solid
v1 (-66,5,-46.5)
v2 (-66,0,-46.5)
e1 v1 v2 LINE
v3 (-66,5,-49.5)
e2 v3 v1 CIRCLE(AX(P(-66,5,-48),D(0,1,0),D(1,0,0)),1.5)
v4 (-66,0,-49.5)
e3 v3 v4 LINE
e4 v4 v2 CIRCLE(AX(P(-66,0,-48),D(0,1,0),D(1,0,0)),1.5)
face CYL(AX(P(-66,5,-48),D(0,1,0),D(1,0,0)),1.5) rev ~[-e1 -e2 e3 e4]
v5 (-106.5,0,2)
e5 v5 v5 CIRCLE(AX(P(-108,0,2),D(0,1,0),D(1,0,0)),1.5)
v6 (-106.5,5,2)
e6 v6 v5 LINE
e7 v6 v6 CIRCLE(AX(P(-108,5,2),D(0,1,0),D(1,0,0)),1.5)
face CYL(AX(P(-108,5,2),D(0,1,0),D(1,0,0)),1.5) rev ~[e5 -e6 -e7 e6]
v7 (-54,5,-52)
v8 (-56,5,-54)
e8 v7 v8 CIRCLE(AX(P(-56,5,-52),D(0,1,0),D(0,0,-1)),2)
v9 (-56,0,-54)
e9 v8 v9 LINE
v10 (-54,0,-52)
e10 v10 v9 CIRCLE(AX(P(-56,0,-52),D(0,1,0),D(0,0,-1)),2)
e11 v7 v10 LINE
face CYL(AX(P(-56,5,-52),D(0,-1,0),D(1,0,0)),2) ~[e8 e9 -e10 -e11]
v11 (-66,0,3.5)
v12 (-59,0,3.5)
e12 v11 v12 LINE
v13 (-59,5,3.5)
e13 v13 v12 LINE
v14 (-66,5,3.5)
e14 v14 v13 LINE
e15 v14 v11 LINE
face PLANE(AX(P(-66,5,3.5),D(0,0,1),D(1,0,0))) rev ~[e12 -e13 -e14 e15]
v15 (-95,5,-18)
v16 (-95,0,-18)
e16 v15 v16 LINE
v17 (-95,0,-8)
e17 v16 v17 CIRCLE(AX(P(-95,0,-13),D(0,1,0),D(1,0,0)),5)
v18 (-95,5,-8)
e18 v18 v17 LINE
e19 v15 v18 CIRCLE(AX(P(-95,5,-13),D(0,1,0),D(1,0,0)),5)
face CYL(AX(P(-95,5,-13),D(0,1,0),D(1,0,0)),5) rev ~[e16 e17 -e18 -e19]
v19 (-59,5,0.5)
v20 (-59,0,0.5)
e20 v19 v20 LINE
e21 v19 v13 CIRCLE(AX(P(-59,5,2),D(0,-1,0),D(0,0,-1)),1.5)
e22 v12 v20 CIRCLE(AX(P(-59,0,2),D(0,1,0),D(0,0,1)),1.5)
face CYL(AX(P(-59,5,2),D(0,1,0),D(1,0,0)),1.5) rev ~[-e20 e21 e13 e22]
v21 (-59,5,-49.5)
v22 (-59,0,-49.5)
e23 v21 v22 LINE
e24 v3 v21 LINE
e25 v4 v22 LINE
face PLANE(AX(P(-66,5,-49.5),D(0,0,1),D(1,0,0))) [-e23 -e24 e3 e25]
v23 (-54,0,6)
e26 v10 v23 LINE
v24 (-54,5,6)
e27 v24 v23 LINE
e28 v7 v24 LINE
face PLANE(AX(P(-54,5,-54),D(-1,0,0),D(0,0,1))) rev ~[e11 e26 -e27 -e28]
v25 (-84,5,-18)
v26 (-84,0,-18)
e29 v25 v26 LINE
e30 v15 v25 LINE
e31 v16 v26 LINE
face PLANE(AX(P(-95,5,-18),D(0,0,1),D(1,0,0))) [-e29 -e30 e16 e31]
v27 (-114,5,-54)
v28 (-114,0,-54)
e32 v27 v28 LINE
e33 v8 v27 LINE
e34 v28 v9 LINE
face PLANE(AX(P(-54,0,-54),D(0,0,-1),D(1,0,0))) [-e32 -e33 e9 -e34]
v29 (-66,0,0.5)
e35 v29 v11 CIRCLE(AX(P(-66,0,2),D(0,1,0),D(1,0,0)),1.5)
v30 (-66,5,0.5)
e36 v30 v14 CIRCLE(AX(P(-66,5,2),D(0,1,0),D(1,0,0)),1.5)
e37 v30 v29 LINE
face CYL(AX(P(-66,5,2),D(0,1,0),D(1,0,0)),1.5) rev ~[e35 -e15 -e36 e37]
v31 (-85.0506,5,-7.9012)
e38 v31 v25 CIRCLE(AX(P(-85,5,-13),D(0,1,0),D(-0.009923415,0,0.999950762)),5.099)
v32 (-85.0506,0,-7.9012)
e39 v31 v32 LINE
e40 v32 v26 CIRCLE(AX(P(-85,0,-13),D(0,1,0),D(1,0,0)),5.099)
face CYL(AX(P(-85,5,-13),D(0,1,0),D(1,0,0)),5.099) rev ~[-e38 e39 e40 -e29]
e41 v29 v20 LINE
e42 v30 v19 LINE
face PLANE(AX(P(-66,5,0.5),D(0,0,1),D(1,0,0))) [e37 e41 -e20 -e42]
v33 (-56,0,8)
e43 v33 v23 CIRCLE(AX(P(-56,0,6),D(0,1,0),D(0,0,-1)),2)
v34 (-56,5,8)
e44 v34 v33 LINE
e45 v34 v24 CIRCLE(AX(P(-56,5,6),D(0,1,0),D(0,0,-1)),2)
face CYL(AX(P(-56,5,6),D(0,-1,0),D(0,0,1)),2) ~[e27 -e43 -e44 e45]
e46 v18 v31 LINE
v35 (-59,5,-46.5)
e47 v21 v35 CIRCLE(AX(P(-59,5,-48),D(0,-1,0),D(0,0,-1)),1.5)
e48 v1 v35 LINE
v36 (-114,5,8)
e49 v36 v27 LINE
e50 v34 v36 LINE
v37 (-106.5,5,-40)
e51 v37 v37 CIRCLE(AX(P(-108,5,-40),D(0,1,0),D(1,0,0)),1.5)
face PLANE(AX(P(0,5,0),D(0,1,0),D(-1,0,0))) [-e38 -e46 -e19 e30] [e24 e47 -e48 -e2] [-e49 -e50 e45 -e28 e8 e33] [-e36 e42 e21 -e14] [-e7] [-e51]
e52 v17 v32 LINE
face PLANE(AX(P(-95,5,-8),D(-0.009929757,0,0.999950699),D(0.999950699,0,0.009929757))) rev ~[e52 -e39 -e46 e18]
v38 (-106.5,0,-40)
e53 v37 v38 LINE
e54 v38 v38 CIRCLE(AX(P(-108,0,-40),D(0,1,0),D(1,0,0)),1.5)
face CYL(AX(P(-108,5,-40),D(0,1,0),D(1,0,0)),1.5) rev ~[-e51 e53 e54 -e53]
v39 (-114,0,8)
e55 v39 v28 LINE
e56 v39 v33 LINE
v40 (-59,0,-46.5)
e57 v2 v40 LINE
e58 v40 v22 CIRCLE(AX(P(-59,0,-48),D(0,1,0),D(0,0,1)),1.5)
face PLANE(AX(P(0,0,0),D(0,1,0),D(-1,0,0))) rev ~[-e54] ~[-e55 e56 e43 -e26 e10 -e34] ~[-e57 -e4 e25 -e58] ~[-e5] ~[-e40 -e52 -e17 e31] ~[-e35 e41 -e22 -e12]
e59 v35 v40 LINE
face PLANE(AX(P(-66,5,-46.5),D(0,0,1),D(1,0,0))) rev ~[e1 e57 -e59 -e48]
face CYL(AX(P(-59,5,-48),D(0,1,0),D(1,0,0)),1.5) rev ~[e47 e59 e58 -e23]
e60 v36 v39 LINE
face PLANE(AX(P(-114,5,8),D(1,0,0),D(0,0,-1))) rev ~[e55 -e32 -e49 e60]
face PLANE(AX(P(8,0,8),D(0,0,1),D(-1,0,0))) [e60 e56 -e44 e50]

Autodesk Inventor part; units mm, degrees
ref_plane "YZ Plane" through (0, 0, 0) normal (1, 0, 0) x (0, 1, 0)
ref_plane "XZ Plane" through (0, 0, 0) normal (0, 1, 0) x (-1, 0, 0)
ref_plane "XY Plane" through (0, 0, 0) normal (0, 0, 1) x (1, 0, 0)
sketch "Sketch1" plane through (0, 0, 0) normal (0, 1, 0) x (-1, 0, 0)
  line L0 (0, 0) -> (46, 0) construction
  line L1 (46, 0) -> (46, -46) construction
  line L2 (46, -46) -> (0, -46) construction
  line L3 (0, -46) -> (0, 0) construction
  circle A0 centre (46, -46) radius 1.5
  circle A1 centre (46, 0) radius 1.5
  circle A2 centre (0, 0) radius 1.5
  circle A3 centre (0, -46) radius 1.5
  line L4 (23, 0) -> (23, -46) construction
  line L5 (-8, 8) -> (54, 8)
  line L6 (54, 8) -> (54, -54)
  line L7 (54, -54) -> (-8, -54)
  line L8 (-8, -54) -> (-8, 8)
  line L9 (-8, 8) -> (54, -54) construction
  line L10 (54, 8) -> (-8, -54) construction
  point P0 (23, -23)
  dimension "d0" = 46
  dimension "d1" = 46
  dimension "d2" = 3
  dimension "d3" = 3
  dimension "d4" = 3
  dimension "d5" = 3
  dimension "d6" = 8
  dimension "d7" = 8
extrude "Extrusion1" add sketch "Sketch1" along normal blind 5
sketch "Sketch2" plane through (0, 5, 0) normal (0, 1, 0) x (1, 0, 0)
  line L0 (-54, -8) -> (8, -8) projected
  line L1 (-54, -8) -> (-114, -8)
  line L2 (-114, -8) -> (-114, 54)
  line L3 (-114, 54) -> (-54, 54)
  line L4 (-54, 54) -> (-54, -8)
  line L5 (8, 54) -> (-54, 54) projected
  point P0 (0, 0)
  dimension "d10" = 60
extrude "Extrusion2" add sketch "Sketch2" against normal blind 5
sketch "Sketch3" plane through (0, 5, 0) normal (0, 1, 0) x (1, 0, 0)
  circle A0 centre (0, 46) radius 1.5 projected
  circle A1 centre (-46, 46) radius 1.5 projected
  line L0 (0, 46) -> (-46, 46) construction
  line L1 (-23, 46) -> (-23, 0) construction
  line L2 (-1.5, 44.5) -> (-44.5, 44.5)
  line L3 (-44.5, 44.5) -> (-44.5, 1.5)
  line L4 (-44.5, 1.5) -> (-1.5, 1.5)
  line L5 (-1.5, 1.5) -> (-1.5, 44.5)
  line L6 (-1.5, 44.5) -> (-44.5, 1.5) construction
  line L7 (-44.5, 44.5) -> (-1.5, 1.5) construction
  line L8 (-114, -8) -> (8, -8) projected
  point P0 (0, 0)
  point P1 (-23, 23)
  dimension "d14" = 43
  dimension "d15" = 43
extrude "Extrusion3" cut sketch "Sketch3" against normal blind 5 contours L5 L4 L3 L2
fillet "Fillet1" radius 1 4 edges at (-44.5, 2.5, -44.5) (-44.5, 2.5, -1.5) (-1.5, 2.5, -1.5) (-1.5, 2.5, -44.5)
sketch "Sketch4" plane through (0, 5, 0) normal (0, 1, 0) x (1, 0, 0)
  circle A0 centre (-108, 40) radius 1.5
  circle A1 centre (-108, -2) radius 1.5
  line L0 (-114, -8) -> (8, -8) projected
  line L1 (-114, 54) -> (-114, -8) projected
  line L2 (8, 54) -> (-114, 54) projected
  circle A2 centre (-59, -2) radius 1.5
  circle A3 centre (-59, 48) radius 1.5
  circle A4 centre (-66, -2) radius 1.5
  circle A5 centre (-66, 48) radius 1.5
  line L3 (-59, -2) -> (-59, 48) construction
  line L4 (-66, 46.5) -> (-59, 46.5)
  line L5 (-66, 49.5) -> (-59, 49.5)
  line L6 (-66, -3.5) -> (-59, -3.5)
  line L7 (-66, -0.5) -> (-59, -0.5)
  line L8 (-66, -2) -> (-66, 48) construction
  line L9 (-59, -2) -> (-66, -2) construction
  line L10 (-59, 48) -> (-66, 48) construction
  point P0 (0, 0)
  dimension "d19" = 6
  dimension "d20" = 3
  dimension "d21" = 6
  dimension "d23" = 3
  dimension "d24" = 6
  dimension "d25" = 14
  dimension "d26" = 3
  dimension "d27" = 3
  dimension "d28" = 50
  dimension "d29" = 6
  dimension "d32" = 7
  dimension "d33" = 3
  dimension "d34" = 3
  dimension "d35" = 7
  dimension "d36" = 42
extrude "Extrusion4" cut sketch "Sketch4" against normal blind 5
fillet "Fillet2" [suppressed]
sketch "Sketch5" plane through (0, 5, 0) normal (0, 1, 0) x (1, 0, 0)
  line L0 (-114, -8) -> (8, -8) projected
  line L1 (8, 54) -> (-54, 54)
  line L2 (-54, 54) -> (-54, -8)
  line L3 (-54, -8) -> (8, -8)
  line L4 (8, -8) -> (8, 54)
  line L5 (-114, 54) -> (-114, -8) projected
  point P0 (0, 0)
  point P1 (8, -8)
  dimension "d42" = 60
extrude "Extrusion5" cut sketch "Sketch5" against normal blind 10
sketch "Sketch6" plane through (0, 5, 0) normal (0, 1, 0) x (1, 0, 0)
  circle A0 centre (-95, 13) radius 5
  circle A1 centre (-108, 40) radius 1.5 projected
  circle A2 centre (-85, 13) radius 5.099
  line L0 (-95, 18) -> (-84, 18)
  line L1 (-95, 8) -> (-85.0506, 7.9012)
  point P0 (0, 0)
  dimension "d45" = 27
  dimension "d46" = 13
  dimension "d47" = 10
  dimension "d48" = 10
extrude "Extrusion6" cut sketch "Sketch6" against normal blind 10 contours A0 A2 | L0 A2 A0 | A0 A2 L1 | A2 L0 A0 | A0 A2
fillet "Fillet3" radius 2 2 edges at (-54, 2.5, 8) (-54, 2.5, -54)
properties part number "Electronics cover"
